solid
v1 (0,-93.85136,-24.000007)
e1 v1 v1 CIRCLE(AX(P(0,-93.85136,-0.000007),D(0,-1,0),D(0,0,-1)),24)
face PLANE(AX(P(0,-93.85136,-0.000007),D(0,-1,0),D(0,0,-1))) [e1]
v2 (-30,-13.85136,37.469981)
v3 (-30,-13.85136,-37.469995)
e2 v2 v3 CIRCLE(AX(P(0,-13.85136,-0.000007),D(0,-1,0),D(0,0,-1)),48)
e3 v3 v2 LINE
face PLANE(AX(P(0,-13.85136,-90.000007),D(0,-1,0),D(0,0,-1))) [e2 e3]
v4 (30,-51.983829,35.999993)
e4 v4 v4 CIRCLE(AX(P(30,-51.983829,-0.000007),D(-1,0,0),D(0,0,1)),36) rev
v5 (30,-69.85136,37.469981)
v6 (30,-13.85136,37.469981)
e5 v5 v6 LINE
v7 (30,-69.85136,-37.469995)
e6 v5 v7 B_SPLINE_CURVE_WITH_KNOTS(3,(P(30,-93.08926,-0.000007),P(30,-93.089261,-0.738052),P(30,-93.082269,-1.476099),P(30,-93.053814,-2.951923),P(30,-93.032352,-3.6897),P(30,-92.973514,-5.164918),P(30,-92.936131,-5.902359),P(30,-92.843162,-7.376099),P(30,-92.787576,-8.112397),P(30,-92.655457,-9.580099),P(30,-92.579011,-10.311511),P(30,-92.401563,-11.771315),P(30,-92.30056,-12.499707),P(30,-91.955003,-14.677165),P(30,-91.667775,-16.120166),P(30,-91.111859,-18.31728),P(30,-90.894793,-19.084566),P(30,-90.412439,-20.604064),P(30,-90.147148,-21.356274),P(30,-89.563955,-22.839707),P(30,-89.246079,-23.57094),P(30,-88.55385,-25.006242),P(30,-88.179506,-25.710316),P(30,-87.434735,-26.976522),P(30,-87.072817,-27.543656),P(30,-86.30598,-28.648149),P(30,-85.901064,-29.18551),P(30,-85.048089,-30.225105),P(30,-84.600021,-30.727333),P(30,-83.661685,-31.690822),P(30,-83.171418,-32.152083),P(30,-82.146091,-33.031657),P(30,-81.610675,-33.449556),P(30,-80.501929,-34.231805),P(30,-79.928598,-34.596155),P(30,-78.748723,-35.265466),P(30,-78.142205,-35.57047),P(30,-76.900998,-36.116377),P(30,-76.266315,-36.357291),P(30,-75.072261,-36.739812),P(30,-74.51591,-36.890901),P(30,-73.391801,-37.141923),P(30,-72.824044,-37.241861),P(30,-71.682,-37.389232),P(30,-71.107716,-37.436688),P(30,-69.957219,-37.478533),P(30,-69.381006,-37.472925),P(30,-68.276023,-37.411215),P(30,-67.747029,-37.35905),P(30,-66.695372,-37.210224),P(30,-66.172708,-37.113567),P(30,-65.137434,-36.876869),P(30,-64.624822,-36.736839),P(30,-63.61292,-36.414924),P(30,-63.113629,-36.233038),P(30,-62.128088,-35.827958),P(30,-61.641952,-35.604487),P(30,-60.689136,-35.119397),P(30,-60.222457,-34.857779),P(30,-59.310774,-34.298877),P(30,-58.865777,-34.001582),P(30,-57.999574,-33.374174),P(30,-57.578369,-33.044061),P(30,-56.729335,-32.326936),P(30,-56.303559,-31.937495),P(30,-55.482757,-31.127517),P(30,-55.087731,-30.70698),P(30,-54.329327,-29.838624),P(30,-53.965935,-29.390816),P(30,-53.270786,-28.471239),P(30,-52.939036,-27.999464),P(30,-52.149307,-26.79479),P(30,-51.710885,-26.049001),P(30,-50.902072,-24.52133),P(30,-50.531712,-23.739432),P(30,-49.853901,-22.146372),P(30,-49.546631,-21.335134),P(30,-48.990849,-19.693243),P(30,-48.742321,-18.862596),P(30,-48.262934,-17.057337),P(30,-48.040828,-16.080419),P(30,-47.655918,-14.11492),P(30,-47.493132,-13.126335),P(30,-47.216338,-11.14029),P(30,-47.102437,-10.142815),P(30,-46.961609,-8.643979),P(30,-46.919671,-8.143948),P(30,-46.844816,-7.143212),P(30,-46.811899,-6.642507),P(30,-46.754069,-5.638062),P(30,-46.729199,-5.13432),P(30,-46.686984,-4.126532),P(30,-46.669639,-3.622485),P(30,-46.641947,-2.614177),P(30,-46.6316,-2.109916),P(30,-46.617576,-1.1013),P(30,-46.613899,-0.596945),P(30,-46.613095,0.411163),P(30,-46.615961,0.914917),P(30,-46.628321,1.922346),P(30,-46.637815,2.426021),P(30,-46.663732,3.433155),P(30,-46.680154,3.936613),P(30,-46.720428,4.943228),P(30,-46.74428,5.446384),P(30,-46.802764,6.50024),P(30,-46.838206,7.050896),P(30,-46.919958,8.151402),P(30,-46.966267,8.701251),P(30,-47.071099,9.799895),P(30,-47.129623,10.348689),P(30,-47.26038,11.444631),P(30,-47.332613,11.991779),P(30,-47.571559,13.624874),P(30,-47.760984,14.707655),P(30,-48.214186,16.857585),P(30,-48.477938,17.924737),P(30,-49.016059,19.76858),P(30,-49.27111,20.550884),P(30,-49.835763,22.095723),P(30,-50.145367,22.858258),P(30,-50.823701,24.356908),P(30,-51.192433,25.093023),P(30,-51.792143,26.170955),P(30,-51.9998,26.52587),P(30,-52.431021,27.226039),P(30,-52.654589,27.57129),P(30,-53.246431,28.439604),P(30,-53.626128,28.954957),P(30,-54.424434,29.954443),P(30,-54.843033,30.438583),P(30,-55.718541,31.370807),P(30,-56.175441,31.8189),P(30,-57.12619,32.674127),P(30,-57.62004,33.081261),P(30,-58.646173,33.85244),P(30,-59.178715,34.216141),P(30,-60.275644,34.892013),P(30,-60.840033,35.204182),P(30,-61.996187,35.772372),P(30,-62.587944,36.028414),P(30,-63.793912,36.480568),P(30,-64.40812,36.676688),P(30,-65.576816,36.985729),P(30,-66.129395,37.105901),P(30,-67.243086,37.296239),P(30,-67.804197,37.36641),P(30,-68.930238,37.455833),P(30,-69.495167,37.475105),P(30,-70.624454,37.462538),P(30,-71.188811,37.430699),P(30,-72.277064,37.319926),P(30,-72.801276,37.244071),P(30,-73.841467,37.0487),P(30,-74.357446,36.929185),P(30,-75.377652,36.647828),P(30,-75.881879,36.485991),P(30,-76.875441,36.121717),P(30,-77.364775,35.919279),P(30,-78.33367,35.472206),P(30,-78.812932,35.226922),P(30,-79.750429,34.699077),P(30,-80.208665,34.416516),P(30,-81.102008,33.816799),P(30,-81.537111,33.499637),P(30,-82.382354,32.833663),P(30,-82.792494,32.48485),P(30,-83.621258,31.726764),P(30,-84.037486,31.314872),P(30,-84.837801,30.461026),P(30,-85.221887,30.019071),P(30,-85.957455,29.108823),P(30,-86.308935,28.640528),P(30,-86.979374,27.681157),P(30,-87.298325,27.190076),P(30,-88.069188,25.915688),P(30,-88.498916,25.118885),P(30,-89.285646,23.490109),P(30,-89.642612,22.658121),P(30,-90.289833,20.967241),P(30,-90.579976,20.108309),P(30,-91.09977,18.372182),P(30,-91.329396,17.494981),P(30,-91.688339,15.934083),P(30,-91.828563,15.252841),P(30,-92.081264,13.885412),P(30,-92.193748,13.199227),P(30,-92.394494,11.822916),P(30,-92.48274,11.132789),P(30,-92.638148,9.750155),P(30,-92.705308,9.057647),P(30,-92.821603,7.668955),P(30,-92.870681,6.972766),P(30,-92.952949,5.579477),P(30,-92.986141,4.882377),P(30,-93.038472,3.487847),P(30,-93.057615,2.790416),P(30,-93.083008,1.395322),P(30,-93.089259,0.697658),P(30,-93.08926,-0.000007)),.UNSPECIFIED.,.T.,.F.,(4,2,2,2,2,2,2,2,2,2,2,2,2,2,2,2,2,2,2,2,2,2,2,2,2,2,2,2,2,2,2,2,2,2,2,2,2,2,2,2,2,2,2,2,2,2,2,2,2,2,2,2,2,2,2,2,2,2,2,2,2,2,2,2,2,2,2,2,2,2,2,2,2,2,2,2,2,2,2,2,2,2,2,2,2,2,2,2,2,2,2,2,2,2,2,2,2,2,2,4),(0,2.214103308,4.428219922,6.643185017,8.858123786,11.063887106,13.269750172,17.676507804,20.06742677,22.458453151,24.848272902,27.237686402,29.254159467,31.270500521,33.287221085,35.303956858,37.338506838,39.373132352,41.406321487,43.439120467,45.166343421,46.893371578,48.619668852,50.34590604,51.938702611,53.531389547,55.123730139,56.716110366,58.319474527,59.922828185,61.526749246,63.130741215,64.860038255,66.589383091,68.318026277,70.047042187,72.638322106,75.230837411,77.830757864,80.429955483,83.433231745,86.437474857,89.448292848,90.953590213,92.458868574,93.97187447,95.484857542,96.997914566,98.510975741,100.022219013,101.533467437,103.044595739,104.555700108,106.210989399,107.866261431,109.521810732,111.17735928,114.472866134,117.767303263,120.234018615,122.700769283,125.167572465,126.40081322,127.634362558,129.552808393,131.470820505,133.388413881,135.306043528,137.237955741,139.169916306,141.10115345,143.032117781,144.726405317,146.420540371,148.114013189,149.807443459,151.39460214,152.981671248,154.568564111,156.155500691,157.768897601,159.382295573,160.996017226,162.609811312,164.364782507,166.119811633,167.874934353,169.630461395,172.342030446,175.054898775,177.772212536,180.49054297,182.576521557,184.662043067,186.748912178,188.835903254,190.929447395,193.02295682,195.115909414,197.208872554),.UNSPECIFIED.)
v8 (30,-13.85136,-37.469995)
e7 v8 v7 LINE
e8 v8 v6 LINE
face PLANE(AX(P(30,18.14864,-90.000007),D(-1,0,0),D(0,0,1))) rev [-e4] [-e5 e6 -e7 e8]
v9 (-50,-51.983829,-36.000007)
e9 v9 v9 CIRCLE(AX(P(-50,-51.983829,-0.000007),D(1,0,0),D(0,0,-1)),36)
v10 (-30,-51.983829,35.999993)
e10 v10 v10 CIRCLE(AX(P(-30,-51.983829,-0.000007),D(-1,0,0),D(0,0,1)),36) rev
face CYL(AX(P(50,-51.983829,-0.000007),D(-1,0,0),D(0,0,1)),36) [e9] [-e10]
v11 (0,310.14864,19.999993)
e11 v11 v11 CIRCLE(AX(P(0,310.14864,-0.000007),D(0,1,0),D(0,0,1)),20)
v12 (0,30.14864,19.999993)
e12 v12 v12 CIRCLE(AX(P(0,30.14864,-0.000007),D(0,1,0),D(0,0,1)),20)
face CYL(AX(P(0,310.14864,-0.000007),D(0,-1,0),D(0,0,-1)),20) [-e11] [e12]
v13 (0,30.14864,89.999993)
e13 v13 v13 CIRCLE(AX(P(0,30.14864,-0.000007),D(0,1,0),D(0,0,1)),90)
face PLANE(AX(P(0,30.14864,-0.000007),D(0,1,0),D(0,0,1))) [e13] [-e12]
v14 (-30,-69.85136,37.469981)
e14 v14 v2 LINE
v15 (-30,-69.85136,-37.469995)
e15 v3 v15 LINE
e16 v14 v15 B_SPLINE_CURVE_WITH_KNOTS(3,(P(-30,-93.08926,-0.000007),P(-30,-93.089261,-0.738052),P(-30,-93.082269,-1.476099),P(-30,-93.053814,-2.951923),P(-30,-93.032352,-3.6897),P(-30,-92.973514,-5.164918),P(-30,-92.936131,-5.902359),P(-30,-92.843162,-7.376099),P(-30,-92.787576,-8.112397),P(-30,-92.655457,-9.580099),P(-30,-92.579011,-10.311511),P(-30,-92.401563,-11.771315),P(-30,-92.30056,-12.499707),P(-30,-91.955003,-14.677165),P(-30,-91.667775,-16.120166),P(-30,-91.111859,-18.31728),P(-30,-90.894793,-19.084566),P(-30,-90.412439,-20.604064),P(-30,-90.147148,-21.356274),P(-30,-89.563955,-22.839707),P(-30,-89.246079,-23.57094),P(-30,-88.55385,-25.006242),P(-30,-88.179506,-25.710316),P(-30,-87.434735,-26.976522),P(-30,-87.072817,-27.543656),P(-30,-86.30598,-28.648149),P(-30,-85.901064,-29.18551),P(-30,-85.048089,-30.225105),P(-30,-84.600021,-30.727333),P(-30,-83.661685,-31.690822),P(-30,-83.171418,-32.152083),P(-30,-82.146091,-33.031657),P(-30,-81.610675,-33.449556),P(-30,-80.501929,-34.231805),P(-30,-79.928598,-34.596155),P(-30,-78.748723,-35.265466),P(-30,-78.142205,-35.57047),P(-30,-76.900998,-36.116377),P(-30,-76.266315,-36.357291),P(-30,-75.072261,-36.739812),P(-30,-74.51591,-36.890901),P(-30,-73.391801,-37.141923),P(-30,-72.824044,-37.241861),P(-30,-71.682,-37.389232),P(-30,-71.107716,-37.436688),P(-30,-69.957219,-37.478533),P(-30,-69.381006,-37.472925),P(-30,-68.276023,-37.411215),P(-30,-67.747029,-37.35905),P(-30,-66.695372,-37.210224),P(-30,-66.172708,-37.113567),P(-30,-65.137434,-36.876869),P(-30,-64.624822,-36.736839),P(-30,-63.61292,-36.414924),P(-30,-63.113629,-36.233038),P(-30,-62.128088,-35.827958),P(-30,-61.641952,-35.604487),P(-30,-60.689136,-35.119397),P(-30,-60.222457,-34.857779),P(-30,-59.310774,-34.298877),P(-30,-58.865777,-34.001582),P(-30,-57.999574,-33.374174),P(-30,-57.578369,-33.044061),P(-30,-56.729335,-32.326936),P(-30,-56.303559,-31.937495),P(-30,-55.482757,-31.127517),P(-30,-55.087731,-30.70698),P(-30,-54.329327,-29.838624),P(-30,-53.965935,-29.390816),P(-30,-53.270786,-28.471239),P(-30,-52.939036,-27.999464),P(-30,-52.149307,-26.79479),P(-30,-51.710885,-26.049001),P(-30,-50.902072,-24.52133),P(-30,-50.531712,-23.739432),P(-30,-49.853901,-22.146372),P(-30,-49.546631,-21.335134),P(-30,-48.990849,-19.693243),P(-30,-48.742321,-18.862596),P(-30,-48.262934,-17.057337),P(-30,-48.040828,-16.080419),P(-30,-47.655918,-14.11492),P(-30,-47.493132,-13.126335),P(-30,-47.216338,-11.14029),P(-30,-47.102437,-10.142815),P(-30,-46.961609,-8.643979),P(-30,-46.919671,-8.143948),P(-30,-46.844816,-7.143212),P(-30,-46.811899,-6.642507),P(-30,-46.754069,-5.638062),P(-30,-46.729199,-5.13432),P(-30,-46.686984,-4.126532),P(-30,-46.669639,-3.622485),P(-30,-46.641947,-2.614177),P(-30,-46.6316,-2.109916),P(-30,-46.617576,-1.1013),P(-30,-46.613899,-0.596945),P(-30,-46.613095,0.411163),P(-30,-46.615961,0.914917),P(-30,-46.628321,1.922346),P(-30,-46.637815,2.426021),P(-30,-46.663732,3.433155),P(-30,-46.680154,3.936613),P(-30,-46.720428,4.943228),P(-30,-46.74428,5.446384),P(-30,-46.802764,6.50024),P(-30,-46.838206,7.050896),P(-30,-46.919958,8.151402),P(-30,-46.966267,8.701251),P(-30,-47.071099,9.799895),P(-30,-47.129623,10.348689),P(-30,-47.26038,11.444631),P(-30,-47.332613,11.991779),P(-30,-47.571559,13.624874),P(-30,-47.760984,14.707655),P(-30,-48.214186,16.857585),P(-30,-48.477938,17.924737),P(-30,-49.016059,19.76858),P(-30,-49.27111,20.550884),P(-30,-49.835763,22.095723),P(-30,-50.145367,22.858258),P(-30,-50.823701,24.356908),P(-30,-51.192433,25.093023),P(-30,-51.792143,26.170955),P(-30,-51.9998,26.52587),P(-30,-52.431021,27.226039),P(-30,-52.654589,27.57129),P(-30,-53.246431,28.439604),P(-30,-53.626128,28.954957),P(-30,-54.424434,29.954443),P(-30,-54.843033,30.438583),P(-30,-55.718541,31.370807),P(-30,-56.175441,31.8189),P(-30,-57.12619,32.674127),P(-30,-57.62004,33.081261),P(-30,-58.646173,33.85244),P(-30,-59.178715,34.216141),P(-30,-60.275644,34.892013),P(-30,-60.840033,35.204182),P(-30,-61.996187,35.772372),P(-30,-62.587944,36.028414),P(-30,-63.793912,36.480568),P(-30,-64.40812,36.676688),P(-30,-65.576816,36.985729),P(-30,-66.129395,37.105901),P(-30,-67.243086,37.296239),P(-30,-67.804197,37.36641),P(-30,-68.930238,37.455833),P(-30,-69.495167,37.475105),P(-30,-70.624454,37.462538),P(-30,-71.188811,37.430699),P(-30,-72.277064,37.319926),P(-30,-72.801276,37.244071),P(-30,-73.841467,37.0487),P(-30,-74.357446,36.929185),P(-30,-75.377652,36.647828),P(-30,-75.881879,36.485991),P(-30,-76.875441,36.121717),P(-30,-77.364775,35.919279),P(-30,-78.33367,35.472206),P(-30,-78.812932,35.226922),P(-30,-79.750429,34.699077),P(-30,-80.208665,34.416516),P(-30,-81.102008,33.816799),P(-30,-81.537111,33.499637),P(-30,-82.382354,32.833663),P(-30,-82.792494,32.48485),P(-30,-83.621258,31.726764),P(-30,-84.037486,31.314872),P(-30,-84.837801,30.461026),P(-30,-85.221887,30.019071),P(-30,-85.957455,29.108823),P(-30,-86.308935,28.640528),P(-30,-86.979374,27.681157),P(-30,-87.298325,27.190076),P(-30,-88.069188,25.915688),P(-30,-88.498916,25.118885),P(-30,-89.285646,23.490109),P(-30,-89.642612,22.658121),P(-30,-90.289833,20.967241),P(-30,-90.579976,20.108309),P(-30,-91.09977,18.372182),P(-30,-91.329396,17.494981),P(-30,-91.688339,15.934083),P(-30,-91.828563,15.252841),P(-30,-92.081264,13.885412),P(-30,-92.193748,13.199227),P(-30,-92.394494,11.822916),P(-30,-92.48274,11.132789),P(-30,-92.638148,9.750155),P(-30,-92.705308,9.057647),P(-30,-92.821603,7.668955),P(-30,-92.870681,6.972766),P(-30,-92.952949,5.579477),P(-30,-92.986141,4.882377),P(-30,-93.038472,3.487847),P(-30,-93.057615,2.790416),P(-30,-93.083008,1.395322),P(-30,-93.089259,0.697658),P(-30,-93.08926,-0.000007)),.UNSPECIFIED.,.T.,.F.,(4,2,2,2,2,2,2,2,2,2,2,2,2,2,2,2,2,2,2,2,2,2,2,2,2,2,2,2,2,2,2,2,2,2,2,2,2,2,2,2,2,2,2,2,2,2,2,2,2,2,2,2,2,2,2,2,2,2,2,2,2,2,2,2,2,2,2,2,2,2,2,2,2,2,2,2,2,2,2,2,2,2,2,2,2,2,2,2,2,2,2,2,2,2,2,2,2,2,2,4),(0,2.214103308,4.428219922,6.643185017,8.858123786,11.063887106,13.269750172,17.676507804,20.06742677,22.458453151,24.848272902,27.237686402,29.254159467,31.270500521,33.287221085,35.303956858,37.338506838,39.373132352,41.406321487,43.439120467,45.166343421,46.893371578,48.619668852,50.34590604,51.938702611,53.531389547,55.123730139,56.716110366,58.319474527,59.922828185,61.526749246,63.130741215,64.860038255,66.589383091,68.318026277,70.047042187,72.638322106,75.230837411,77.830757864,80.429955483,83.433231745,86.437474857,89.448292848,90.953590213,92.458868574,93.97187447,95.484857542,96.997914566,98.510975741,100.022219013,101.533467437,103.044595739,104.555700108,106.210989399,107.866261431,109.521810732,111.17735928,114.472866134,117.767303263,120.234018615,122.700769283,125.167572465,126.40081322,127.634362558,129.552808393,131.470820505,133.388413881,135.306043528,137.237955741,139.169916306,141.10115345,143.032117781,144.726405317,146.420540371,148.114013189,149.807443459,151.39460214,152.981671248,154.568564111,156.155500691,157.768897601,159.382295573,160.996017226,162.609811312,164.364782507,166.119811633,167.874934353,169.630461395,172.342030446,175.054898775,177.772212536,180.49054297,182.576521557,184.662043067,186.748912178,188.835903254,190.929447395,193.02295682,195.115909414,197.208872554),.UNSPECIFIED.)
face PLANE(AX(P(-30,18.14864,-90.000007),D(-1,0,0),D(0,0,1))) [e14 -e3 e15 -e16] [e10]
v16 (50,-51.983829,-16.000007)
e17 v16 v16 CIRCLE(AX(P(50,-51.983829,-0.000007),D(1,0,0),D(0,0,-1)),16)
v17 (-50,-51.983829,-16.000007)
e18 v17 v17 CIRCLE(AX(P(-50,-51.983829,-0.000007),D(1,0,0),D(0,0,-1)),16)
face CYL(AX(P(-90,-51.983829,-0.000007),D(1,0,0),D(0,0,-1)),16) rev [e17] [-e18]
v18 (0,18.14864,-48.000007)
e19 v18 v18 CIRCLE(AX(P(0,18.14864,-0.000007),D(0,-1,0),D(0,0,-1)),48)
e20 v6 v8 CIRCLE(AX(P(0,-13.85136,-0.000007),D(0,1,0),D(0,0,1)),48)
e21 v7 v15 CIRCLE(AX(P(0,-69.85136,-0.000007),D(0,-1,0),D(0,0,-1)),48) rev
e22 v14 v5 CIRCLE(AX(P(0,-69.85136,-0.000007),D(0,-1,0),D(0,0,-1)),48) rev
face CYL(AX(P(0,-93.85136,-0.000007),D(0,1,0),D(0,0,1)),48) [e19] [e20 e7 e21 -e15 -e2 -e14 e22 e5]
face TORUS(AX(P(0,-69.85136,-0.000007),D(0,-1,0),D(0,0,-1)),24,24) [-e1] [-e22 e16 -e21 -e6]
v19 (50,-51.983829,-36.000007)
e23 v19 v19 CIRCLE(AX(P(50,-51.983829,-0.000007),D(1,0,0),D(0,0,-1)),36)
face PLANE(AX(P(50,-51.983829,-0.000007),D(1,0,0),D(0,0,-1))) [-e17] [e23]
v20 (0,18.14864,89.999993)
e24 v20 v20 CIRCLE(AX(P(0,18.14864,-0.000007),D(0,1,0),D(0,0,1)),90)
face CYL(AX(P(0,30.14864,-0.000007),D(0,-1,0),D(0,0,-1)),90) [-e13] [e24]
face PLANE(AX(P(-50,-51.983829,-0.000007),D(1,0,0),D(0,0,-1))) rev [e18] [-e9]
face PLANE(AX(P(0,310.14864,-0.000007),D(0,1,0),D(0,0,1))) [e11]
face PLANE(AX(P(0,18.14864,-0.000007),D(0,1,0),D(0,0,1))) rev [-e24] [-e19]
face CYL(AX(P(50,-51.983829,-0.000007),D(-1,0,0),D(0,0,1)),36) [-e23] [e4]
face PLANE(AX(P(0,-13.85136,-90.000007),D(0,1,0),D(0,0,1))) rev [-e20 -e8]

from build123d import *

# Parameters (mm, degrees)
SKETCH1_R               = 225
BOSS_EXTRUDE1_DEPTH     = 30
SKETCH2_R               = 50
BOSS_EXTRUDE2_DEPTH     = 700
SKETCH3_R               = 120
BOSS_EXTRUDE3_DEPTH     = 280
FILLET1_R               = 60
SKETCH4_W               = 195.7
SKETCH4_H               = 200
CUT_EXTRUDE1_DEPTH      = 226
CUT_EXTRUDE1_DEPTH_BACK = 226
SKETCH5_R               = 40
CUT_EXTRUDE2_DEPTH      = 301
SKETCH6_R               = 90
SKETCH6_R_2             = 40
BOSS_EXTRUDE4_DEPTH     = 125
SCALE1_SCALE            = 0.4


with BuildPart() as part:
    # Sketch1 → Boss-Extrude1 (new body)
    with BuildSketch(Plane(origin=(0, 0, 0), x_dir=(1, 0, 0), z_dir=(0, 1, 0))):
        Circle(SKETCH1_R)
    extrude(amount=BOSS_EXTRUDE1_DEPTH)

    # Sketch2 → Boss-Extrude2 (add)
    with BuildSketch(Plane(origin=(0, 30, 0), x_dir=(1, 0, 0), z_dir=(0, 1, 0))):
        Circle(SKETCH2_R)
    extrude(amount=BOSS_EXTRUDE2_DEPTH)

    # Sketch3 → Boss-Extrude3 (add)
    with BuildSketch(Plane.XZ):
        Circle(SKETCH3_R)
    extrude(amount=BOSS_EXTRUDE3_DEPTH)

    # Fillet1
    fillet1_edges = [part.edges().sort_by_distance(p)[0] for p in [
        (-120, -280, 0),
    ]]
    fillet(fillet1_edges, radius=FILLET1_R)

    # Sketch4 → Cut-Extrude1 (cut, two sides)
    with BuildSketch(Plane.XY) as cut_extrude1_sk:
        with Locations((172.85, -180)):
            Rectangle(SKETCH4_W, SKETCH4_H)
        with Locations((-172.85, -180)):
            Rectangle(SKETCH4_W, SKETCH4_H)
    extrude(amount=CUT_EXTRUDE1_DEPTH, mode=Mode.SUBTRACT)
    extrude(cut_extrude1_sk.sketch, amount=-CUT_EXTRUDE1_DEPTH_BACK, mode=Mode.SUBTRACT)

    # Sketch5 → Cut-Extrude2 (cut, through all)
    with BuildSketch(Plane(origin=(75, 0, 0), x_dir=(0, 0, -1), z_dir=(1, 0, 0))):
        with Locations((0, -175.331172544)):
            Circle(SKETCH5_R)
    extrude(amount=-CUT_EXTRUDE2_DEPTH, mode=Mode.SUBTRACT)

    # Sketch6 → Boss-Extrude4 (add, symmetric)
    with BuildSketch(Plane(origin=(0, 0, 0), x_dir=(0, 0, -1), z_dir=(1, 0, 0))):
        with Locations((0, -175.331172544)):
            Circle(SKETCH6_R)
        with Locations((0, -175.331172544)):
            Circle(SKETCH6_R_2, mode=Mode.SUBTRACT)
    extrude(amount=BOSS_EXTRUDE4_DEPTH, both=True)


with BuildPart() as part_1:
    # Scale1: scaled about (-3.146e-06, 30.247926965, -1.0493e-05)
    add(part.part.scale(SCALE1_SCALE).moved(Location((-1.888e-06, 18.148756179, -6.296e-06))))


solid = part_1.part
